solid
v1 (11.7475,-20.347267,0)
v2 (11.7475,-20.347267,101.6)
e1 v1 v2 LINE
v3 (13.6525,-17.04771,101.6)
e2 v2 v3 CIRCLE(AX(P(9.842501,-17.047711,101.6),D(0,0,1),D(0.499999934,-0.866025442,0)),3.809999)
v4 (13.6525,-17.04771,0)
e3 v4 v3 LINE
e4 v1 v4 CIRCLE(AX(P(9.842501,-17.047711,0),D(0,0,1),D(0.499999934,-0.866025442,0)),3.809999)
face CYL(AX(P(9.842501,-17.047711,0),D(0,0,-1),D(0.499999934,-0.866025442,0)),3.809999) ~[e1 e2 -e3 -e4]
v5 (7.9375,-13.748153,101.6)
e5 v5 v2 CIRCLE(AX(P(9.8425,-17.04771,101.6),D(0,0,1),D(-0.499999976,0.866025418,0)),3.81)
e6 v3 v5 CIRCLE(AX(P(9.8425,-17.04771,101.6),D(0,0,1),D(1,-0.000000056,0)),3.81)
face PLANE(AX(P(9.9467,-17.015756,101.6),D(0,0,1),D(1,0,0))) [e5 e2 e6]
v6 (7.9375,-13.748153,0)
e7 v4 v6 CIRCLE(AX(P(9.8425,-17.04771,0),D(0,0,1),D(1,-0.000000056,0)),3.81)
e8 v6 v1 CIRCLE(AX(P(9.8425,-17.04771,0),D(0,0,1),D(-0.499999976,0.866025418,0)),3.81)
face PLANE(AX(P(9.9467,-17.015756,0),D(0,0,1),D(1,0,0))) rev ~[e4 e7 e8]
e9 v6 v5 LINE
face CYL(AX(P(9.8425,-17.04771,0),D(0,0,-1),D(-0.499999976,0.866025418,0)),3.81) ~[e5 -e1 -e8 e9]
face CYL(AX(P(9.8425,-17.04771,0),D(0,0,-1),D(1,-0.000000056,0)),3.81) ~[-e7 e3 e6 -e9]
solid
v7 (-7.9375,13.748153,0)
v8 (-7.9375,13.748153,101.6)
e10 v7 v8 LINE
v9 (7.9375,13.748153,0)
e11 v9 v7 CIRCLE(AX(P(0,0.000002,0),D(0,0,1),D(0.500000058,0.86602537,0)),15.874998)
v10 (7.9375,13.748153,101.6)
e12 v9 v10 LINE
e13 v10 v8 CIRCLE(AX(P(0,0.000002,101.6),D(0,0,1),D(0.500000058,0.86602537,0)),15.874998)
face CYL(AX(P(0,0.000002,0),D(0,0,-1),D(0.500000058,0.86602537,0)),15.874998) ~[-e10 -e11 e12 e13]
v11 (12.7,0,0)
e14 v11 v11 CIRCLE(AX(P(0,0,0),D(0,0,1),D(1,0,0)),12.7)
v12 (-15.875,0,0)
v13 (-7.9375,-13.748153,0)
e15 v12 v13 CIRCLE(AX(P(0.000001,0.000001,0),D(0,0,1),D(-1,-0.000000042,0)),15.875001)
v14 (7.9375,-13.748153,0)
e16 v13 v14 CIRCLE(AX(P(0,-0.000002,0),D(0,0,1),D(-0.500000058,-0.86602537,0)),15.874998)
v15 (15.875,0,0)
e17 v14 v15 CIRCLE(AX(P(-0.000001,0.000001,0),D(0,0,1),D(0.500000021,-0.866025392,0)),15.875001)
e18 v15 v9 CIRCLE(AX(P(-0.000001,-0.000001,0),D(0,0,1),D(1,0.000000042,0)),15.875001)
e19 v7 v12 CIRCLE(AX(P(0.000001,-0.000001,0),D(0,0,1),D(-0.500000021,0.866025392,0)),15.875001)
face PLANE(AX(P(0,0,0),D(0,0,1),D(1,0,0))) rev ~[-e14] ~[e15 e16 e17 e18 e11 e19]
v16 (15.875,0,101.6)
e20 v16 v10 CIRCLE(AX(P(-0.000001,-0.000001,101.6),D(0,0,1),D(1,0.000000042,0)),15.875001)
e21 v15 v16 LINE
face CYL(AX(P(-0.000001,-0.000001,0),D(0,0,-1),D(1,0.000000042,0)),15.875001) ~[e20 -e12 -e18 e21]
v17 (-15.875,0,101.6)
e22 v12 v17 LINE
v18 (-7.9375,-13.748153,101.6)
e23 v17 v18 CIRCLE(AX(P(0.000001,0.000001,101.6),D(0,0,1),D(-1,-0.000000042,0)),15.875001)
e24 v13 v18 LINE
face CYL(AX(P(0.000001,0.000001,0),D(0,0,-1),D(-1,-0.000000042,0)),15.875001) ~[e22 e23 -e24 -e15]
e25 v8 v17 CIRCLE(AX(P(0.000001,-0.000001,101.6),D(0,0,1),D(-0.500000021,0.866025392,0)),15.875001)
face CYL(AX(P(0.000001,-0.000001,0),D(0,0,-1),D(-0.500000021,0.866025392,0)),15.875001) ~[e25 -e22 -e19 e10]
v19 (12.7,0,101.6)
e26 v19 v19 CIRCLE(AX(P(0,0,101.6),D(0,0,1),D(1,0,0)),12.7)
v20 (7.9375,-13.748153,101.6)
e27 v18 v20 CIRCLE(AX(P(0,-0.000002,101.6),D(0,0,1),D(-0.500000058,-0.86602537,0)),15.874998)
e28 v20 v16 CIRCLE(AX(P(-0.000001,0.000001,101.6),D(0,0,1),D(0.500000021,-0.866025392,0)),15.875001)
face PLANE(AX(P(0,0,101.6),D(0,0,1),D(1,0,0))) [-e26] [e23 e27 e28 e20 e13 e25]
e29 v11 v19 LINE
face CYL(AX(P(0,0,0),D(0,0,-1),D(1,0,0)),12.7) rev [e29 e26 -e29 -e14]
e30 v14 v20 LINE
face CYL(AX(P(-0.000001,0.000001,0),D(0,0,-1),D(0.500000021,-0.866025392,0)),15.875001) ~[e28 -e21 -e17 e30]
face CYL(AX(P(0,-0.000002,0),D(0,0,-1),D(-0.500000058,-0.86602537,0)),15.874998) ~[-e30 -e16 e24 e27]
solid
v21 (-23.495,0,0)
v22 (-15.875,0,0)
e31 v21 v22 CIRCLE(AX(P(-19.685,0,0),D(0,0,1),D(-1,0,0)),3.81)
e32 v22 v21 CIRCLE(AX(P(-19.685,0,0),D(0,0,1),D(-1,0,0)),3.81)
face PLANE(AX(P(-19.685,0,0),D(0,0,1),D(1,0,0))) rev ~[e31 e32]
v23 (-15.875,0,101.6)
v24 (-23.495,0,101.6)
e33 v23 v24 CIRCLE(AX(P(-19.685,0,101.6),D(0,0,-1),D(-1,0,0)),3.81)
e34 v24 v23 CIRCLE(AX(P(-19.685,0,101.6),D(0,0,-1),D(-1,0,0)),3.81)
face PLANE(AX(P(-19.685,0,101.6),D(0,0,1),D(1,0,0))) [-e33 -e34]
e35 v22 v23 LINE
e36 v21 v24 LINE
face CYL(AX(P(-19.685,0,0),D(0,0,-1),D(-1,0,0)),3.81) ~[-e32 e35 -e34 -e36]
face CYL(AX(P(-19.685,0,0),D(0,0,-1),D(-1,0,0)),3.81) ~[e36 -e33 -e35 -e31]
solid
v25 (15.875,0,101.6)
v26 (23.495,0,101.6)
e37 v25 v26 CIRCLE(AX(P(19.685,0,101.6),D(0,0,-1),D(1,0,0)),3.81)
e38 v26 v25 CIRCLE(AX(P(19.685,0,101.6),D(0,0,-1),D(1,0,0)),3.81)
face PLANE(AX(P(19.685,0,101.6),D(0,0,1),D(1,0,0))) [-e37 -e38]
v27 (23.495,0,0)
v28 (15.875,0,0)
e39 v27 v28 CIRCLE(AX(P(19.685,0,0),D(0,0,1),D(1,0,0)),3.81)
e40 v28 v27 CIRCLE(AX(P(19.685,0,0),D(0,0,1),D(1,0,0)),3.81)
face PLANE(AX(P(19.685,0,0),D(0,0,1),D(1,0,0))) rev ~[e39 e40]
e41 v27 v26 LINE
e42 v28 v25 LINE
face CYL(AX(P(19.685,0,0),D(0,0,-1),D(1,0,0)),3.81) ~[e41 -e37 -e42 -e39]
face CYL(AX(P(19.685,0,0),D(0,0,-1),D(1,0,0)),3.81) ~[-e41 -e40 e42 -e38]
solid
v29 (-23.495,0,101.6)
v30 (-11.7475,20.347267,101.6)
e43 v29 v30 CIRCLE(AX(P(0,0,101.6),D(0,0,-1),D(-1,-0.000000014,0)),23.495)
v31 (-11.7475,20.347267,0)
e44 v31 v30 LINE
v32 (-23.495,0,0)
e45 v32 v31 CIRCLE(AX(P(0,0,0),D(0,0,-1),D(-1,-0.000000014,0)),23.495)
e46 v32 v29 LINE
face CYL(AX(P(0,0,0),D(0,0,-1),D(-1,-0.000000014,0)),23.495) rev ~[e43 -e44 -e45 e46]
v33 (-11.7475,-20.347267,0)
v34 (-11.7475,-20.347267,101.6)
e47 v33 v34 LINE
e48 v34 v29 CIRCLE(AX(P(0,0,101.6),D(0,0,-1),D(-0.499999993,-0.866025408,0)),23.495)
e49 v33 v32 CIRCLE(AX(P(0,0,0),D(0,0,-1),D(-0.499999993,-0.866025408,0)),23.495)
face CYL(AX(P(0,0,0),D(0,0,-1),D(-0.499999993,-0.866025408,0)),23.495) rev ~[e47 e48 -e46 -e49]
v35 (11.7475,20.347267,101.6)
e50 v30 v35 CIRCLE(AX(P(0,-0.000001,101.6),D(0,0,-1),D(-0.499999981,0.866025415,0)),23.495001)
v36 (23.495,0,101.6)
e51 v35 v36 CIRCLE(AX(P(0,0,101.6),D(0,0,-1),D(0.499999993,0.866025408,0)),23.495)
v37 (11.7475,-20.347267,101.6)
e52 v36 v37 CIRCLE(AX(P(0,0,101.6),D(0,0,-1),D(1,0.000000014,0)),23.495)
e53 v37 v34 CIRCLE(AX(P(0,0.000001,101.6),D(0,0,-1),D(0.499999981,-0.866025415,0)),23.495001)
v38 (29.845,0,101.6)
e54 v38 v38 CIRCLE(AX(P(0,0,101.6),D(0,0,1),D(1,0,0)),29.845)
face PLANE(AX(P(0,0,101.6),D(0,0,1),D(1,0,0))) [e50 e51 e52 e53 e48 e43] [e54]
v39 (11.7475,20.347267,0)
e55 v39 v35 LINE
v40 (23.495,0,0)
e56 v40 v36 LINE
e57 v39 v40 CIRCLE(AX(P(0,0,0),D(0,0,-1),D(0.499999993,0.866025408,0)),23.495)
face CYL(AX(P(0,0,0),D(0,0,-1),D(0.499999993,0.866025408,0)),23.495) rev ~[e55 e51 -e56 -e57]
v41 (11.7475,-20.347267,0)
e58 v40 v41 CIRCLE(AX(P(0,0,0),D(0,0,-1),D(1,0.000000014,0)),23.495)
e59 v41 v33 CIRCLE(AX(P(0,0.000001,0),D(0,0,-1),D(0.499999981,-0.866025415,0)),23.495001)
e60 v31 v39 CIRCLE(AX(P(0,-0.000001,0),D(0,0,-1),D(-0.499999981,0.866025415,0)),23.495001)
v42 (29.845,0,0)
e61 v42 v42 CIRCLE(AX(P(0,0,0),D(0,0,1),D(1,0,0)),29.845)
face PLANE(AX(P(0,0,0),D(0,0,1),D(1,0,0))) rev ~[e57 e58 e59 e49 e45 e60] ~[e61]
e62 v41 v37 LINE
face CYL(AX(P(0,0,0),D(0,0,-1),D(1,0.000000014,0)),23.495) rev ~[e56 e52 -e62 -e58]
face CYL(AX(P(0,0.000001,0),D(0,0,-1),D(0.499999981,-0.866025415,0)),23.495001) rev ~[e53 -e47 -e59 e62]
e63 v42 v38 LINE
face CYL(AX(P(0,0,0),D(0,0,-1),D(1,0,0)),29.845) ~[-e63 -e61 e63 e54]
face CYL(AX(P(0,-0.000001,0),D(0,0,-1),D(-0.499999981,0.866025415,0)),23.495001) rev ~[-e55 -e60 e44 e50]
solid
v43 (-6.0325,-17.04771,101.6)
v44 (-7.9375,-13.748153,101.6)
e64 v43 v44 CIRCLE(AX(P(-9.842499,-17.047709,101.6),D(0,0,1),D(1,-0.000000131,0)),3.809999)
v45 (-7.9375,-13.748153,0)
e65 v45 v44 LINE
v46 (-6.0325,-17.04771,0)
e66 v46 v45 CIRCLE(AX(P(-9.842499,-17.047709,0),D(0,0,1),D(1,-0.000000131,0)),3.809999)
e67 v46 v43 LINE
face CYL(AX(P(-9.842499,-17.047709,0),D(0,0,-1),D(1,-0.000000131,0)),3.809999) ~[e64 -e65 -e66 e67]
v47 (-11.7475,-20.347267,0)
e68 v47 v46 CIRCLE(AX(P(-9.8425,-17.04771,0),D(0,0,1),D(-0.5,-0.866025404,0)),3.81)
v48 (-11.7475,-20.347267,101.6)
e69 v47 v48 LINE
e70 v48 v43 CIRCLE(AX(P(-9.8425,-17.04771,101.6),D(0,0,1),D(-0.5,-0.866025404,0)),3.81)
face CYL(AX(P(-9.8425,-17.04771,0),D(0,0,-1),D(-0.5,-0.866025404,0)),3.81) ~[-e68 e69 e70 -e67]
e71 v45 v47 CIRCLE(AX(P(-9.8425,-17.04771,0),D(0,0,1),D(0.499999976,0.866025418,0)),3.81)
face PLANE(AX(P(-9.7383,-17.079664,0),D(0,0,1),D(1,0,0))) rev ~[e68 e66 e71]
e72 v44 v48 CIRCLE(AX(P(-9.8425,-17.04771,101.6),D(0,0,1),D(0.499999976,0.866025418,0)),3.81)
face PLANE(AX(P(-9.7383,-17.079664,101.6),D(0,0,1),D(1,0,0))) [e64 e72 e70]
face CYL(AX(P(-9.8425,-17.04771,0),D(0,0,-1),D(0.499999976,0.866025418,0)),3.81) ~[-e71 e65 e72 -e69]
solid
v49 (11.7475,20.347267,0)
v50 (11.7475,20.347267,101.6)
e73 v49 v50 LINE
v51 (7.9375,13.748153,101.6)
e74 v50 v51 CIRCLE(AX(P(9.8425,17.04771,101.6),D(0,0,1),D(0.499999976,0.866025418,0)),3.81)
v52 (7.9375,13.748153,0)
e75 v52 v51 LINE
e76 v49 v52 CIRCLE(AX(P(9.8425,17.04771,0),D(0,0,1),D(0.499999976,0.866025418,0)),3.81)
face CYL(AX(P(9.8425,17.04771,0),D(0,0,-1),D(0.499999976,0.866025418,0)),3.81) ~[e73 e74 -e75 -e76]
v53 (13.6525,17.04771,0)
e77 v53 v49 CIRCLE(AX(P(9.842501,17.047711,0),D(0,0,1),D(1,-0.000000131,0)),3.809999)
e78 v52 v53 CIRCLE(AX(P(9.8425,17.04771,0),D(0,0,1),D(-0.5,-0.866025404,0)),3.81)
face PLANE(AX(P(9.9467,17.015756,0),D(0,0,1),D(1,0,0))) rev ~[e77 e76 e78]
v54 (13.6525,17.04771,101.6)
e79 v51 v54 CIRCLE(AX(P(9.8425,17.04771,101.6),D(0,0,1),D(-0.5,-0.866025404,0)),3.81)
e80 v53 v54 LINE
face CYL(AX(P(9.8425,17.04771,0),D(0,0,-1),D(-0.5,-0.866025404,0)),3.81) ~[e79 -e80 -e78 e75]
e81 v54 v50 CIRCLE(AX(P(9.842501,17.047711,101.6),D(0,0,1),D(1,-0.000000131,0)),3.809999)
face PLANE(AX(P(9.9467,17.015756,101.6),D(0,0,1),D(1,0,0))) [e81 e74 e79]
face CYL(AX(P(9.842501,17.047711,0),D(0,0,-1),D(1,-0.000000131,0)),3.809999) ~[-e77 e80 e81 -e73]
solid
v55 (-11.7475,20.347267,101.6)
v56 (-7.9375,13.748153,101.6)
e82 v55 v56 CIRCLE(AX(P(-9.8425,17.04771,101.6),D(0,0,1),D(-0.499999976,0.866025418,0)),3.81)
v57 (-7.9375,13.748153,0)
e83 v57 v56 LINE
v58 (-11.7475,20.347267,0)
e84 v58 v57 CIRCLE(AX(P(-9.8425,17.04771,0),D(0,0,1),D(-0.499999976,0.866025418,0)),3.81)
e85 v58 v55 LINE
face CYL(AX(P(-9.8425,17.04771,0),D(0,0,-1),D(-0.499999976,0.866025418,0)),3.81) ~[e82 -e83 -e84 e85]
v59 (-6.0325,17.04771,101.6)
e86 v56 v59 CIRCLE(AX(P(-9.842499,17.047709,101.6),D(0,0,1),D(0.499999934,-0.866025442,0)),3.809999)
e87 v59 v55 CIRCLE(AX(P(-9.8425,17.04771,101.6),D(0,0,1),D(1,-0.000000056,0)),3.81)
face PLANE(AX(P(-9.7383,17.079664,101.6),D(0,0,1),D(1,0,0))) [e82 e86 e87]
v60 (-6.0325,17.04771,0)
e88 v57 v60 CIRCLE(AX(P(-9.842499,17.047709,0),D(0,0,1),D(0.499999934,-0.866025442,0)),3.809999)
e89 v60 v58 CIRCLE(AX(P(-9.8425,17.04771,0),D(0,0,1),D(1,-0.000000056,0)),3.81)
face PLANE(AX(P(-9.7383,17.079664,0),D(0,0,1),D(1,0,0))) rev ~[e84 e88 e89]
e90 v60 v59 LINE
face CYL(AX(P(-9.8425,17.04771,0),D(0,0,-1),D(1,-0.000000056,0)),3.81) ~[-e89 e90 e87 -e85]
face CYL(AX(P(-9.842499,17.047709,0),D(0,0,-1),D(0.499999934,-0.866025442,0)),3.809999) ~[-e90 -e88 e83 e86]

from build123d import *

# Parameters (mm, degrees)
F0_R     = 29.845
F0_R_2   = 12.7
F1_DEPTH = 101.6


with BuildPart() as f1:
    # F0 (on Top) → F1 (new body)
    with BuildSketch(Plane.XY):
        Circle(F0_R)
        with BuildLine():
            ThreePointArc((11.7475, 20.347267), (20.347267, 11.7475), (23.495, 0))
            ThreePointArc((23.495, 0), (20.347267, -11.7475), (11.7475, -20.347267))
            ThreePointArc((11.7475, -20.347267), (0, -23.495), (-11.7475, -20.347267))
            ThreePointArc((-11.7475, -20.347267), (-20.347267, -11.7475), (-23.495, 0))
            ThreePointArc((-23.495, 0), (-20.347267, 11.7475), (-11.7475, 20.347267))
            ThreePointArc((-11.7475, 20.347267), (0, 23.495), (11.7475, 20.347267))
        make_face(mode=Mode.SUBTRACT)
        with BuildLine():
            ThreePointArc((-11.7475, 20.347267), (-13.142057, 15.14271), (-7.9375, 13.748153))
            ThreePointArc((-7.9375, 13.748153), (-6.542943, 15.14271), (-6.0325, 17.04771))
            ThreePointArc((-6.0325, 17.04771), (-7.9375, 20.347267), (-11.7475, 20.347267))
        make_face()
        with BuildLine():
            ThreePointArc((11.7475, 20.347267), (6.542943, 18.95271), (7.9375, 13.748153))
            ThreePointArc((7.9375, 13.748153), (11.7475, 13.748153), (13.6525, 17.04771))
            ThreePointArc((13.6525, 17.04771), (13.142057, 18.95271), (11.7475, 20.347267))
        make_face()
        with BuildLine():
            ThreePointArc((23.495, 0), (19.685, 3.81), (15.875, 0))
            ThreePointArc((15.875, 0), (19.685, -3.81), (23.495, 0))
        make_face()
        with BuildLine():
            ThreePointArc((13.6525, -17.04771), (11.7475, -13.748153), (7.9375, -13.748153))
            ThreePointArc((7.9375, -13.748153), (6.542943, -18.95271), (11.7475, -20.347267))
            ThreePointArc((11.7475, -20.347267), (13.142057, -18.95271), (13.6525, -17.04771))
        make_face()
        with BuildLine():
            ThreePointArc((-6.0325, -17.04771), (-6.542943, -15.14271), (-7.9375, -13.748153))
            ThreePointArc((-7.9375, -13.748153), (-13.142057, -15.14271), (-11.7475, -20.347267))
            ThreePointArc((-11.7475, -20.347267), (-7.9375, -20.347267), (-6.0325, -17.04771))
        make_face()
        with BuildLine():
            ThreePointArc((-23.495, 0), (-19.685, -3.81), (-15.875, 0))
            ThreePointArc((-15.875, 0), (-19.685, 3.81), (-23.495, 0))
        make_face()
        with BuildLine():
            ThreePointArc((7.9375, -13.748153), (13.748153, -7.9375), (15.875, 0))
            ThreePointArc((15.875, 0), (13.748153, 7.9375), (7.9375, 13.748153))
            ThreePointArc((7.9375, 13.748153), (0, 15.875), (-7.9375, 13.748153))
            ThreePointArc((-7.9375, 13.748153), (-13.748153, 7.9375), (-15.875, 0))
            ThreePointArc((-15.875, 0), (-13.748153, -7.9375), (-7.9375, -13.748153))
            ThreePointArc((-7.9375, -13.748153), (0, -15.875), (7.9375, -13.748153))
        make_face()
        Circle(F0_R_2, mode=Mode.SUBTRACT)
    extrude(amount=F1_DEPTH)


solid = f1.part
